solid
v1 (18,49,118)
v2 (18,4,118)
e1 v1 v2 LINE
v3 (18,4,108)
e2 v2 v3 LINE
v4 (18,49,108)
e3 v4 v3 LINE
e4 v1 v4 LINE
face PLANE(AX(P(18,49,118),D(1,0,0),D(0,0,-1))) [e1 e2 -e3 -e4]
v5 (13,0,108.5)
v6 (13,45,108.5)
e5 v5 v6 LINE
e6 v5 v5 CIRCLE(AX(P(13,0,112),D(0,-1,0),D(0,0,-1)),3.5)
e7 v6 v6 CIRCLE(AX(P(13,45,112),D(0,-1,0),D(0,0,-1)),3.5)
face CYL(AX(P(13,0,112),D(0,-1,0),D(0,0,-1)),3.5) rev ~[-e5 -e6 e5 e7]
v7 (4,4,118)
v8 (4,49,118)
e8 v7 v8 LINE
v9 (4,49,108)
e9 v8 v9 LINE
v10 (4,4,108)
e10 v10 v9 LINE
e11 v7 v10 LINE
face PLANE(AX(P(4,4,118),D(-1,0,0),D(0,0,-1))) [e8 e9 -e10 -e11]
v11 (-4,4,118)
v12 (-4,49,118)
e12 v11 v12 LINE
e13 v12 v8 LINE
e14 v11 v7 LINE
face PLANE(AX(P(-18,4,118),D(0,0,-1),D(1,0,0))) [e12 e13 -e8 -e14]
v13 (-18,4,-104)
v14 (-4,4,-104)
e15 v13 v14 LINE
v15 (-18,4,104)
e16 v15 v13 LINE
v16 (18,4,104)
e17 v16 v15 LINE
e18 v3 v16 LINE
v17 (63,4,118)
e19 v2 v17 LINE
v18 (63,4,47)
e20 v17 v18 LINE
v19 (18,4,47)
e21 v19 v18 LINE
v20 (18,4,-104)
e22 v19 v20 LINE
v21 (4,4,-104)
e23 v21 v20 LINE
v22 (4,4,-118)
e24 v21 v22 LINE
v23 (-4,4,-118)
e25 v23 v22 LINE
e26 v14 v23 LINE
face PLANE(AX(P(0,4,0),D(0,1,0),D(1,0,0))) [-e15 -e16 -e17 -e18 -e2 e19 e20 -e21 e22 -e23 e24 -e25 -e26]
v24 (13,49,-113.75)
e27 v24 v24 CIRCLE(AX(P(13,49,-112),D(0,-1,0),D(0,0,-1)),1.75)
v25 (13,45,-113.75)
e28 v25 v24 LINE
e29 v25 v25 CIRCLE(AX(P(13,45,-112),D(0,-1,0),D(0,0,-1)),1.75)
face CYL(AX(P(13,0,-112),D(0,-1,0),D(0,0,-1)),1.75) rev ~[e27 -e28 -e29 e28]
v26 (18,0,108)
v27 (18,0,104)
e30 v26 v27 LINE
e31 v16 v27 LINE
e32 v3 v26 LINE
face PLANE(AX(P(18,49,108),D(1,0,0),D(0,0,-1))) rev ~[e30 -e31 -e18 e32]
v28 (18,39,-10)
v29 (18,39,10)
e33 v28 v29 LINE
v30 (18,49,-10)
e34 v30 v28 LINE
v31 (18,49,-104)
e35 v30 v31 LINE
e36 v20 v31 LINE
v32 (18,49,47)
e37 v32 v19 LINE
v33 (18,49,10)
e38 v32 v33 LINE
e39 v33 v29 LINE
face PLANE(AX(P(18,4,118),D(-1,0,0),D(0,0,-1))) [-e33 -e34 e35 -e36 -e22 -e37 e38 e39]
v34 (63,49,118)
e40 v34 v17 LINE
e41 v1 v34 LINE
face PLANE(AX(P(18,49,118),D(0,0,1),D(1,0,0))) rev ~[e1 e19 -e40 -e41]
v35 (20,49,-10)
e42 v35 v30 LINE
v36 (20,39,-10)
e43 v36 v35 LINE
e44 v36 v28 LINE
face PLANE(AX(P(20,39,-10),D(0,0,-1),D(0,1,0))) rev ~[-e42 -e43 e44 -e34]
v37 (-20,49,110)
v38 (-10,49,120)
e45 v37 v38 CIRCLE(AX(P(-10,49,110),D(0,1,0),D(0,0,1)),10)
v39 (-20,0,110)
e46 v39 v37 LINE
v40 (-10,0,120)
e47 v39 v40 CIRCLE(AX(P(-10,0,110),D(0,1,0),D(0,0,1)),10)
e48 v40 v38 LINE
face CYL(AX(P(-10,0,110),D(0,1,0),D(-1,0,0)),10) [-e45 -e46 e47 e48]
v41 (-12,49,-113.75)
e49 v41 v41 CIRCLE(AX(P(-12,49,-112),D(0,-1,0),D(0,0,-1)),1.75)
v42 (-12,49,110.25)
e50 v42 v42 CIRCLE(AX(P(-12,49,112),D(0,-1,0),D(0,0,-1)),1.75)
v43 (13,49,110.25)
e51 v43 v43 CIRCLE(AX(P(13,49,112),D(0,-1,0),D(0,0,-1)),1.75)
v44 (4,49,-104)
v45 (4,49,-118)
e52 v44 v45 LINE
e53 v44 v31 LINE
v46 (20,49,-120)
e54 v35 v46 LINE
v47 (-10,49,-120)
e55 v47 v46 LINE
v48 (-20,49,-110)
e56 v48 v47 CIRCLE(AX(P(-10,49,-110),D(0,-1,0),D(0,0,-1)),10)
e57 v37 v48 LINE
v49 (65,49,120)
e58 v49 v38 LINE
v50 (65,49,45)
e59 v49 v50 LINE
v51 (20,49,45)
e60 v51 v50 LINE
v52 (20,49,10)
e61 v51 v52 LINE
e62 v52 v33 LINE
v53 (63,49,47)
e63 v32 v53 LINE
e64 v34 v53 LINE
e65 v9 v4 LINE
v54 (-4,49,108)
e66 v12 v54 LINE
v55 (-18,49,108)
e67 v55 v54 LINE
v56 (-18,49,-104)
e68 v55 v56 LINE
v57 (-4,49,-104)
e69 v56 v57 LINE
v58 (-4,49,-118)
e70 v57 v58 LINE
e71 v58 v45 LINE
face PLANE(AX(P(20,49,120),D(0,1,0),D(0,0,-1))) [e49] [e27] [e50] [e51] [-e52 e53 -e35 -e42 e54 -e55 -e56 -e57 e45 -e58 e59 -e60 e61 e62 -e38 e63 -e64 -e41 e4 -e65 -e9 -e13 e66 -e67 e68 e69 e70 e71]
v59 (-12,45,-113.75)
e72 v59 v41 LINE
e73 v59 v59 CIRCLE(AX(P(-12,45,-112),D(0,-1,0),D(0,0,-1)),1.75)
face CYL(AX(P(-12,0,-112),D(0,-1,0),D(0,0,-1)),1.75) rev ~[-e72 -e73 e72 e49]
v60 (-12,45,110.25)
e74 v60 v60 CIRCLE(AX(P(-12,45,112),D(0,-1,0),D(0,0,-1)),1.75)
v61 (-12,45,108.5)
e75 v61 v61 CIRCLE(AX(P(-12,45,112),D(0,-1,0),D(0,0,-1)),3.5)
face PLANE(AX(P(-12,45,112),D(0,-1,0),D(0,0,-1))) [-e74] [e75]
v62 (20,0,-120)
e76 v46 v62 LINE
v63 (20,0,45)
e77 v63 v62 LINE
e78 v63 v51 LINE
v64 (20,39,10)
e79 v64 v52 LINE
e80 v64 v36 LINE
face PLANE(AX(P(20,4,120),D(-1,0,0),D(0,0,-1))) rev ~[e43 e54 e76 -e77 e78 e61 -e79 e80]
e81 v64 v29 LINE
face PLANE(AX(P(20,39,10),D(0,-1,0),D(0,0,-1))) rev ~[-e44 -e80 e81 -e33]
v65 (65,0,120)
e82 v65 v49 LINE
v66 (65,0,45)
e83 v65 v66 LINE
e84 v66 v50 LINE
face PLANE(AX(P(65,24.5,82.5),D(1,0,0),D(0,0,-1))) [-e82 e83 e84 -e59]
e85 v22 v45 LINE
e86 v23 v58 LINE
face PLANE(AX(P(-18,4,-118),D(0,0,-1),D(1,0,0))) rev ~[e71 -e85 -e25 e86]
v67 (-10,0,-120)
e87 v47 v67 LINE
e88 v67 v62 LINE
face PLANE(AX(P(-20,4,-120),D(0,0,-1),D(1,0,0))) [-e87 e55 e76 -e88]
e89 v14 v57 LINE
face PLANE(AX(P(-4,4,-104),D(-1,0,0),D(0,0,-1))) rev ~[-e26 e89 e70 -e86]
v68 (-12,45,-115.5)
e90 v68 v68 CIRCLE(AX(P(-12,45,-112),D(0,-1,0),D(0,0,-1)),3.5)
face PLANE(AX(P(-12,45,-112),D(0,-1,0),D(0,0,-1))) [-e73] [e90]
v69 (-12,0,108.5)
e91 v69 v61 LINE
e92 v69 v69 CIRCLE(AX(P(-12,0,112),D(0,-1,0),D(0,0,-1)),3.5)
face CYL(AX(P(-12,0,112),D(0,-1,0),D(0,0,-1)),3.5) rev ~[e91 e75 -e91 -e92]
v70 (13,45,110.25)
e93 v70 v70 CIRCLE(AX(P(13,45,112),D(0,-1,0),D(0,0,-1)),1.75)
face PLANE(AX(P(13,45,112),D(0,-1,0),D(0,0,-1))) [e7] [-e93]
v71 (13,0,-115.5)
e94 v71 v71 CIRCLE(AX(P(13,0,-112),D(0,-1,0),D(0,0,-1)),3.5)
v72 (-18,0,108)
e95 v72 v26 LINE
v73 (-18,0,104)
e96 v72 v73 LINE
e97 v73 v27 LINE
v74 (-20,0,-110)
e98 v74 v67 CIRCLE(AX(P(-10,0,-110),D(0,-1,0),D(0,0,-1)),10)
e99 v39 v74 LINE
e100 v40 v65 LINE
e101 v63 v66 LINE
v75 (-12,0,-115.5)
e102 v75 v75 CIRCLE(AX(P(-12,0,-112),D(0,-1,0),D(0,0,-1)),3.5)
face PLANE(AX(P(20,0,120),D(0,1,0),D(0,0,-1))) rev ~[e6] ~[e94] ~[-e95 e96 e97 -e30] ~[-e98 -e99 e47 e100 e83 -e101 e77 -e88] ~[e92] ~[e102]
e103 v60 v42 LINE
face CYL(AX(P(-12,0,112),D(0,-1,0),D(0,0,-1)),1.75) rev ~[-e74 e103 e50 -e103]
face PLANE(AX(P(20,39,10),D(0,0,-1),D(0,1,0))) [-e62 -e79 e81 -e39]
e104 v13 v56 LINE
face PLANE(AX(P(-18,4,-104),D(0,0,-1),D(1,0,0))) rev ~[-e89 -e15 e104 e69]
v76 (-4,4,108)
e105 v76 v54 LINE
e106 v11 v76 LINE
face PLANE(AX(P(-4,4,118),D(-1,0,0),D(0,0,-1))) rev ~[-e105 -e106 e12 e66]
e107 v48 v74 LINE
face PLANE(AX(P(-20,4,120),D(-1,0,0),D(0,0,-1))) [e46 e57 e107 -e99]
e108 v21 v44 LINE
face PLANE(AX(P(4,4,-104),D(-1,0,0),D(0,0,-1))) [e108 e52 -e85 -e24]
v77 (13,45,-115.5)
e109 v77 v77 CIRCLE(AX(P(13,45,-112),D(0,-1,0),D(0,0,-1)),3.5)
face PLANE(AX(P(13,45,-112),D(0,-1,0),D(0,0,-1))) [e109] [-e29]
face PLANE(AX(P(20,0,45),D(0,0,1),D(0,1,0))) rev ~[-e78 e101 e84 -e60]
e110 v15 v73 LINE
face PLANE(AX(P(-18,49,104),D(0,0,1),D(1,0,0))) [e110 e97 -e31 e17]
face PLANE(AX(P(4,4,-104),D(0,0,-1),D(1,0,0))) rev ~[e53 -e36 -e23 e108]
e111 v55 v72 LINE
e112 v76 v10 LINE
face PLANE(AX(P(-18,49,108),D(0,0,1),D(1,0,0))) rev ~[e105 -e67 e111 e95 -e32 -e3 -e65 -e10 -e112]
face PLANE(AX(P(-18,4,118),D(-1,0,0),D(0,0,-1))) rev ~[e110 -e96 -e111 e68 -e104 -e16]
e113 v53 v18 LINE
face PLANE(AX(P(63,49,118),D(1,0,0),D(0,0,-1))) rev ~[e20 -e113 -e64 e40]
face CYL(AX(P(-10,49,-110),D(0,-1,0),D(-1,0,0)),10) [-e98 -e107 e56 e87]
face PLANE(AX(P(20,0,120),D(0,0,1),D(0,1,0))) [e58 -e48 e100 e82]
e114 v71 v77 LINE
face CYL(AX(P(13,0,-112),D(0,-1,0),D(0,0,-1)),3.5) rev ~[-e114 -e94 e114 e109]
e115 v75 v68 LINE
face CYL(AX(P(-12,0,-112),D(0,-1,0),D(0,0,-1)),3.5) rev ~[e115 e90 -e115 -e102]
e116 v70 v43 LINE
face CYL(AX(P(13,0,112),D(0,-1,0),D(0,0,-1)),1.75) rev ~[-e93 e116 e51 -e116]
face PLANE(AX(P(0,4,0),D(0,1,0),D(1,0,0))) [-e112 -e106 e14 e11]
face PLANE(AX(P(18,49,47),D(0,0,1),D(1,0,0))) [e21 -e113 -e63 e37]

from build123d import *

# Parameters (mm, degrees)
SKETCH1_W           = 40
SKETCH1_H           = 240
BOSS_EXTRUDE2_DEPTH = 4
SKETCH2_W           = 40
SKETCH2_H           = 240
SKETCH2_W_2         = 36
SKETCH2_H_2         = 236
BOSS_EXTRUDE4_DEPTH = 45
SKETCH3_W           = 14
SKETCH3_H           = 14
BOSS_EXTRUDE5_DEPTH = 45
SKETCH4_R           = 1.75
CUT_EXTRUDE1_DEPTH  = 90
FILLET1_R           = 10
FILLET2_R           = 10
SKETCH5_R           = 3.5
CUT_EXTRUDE2_DEPTH  = 45
SKETCH6_W           = 20
SKETCH6_H           = 10
CUT_EXTRUDE3_DEPTH  = 10
SKETCH7_W           = 75
SKETCH7_H           = 49
BOSS_EXTRUDE6_DEPTH = 45
SKETCH8_W           = 45
SKETCH8_H           = 71
CUT_EXTRUDE4_DEPTH  = 45
SKETCH9_W           = 36
SKETCH9_H           = 4
CUT_EXTRUDE5_DEPTH  = 50


with BuildPart() as part:
    # Sketch1 → Boss-Extrude2 (new body)
    with BuildSketch(Plane(origin=(0, 0, 0), x_dir=(1, 0, 0), z_dir=(0, 1, 0))):
        Rectangle(SKETCH1_W, SKETCH1_H)
    extrude(amount=BOSS_EXTRUDE2_DEPTH)

    # Sketch2 → Boss-Extrude4 (add)
    with BuildSketch(Plane(origin=(0, 4, 0), x_dir=(1, 0, 0), z_dir=(0, 1, 0))):
        Rectangle(SKETCH2_W, SKETCH2_H)
        Rectangle(SKETCH2_W_2, SKETCH2_H_2, mode=Mode.SUBTRACT)
    extrude(amount=BOSS_EXTRUDE4_DEPTH)

    # Sketch3 → Boss-Extrude5 (add)
    with BuildSketch(Plane(origin=(0, 4, 0), x_dir=(1, 0, 0), z_dir=(0, 1, 0))):
        with Locations((-11, 111)):
            Rectangle(SKETCH3_W, SKETCH3_H)
        with Locations((11, 111)):
            Rectangle(SKETCH3_W, SKETCH3_H)
        with Locations((-11, -111)):
            Rectangle(SKETCH3_W, SKETCH3_H)
        with Locations((11, -111)):
            Rectangle(SKETCH3_W, SKETCH3_H)
    extrude(amount=BOSS_EXTRUDE5_DEPTH)

    # Sketch4 → Cut-Extrude1 (cut)
    with BuildSketch(Plane(origin=(0, 0, 0), x_dir=(-1, 0, 0), z_dir=(0, -1, 0))):
        with Locations(Location((12, -112, 0), (0, 0, 90))):
            Circle(SKETCH4_R)
        with Locations(Location((-13, -112, 0), (0, 0, 90))):
            Circle(SKETCH4_R)
        with Locations(Location((12, 112, 0), (0, 0, 90))):
            Circle(SKETCH4_R)
        with Locations(Location((-13, 112, 0), (0, 0, 90))):
            Circle(SKETCH4_R)
    extrude(amount=-CUT_EXTRUDE1_DEPTH, mode=Mode.SUBTRACT)

    # Fillet1
    fillet1_edges = [part.edges().sort_by_distance(p)[0] for p in [
        (-20, 24.5, -120),
    ]]
    fillet(fillet1_edges, radius=FILLET1_R)

    # Fillet2
    fillet2_edges = [part.edges().sort_by_distance(p)[0] for p in [
        (-20, 24.5, 120),
    ]]
    fillet(fillet2_edges, radius=FILLET2_R)

    # Sketch5 → Cut-Extrude2 (cut)
    with BuildSketch(Plane(origin=(0, 0, 0), x_dir=(-1, 0, 0), z_dir=(0, -1, 0))):
        with Locations(Location((12, -112, 0), (0, 0, 90))):
            Circle(SKETCH5_R)
        with Locations(Location((-13, -112, 0), (0, 0, 90))):
            Circle(SKETCH5_R)
        with Locations(Location((12, 112, 0), (0, 0, 90))):
            Circle(SKETCH5_R)
        with Locations(Location((-13, 112, 0), (0, 0, 90))):
            Circle(SKETCH5_R)
    extrude(amount=-CUT_EXTRUDE2_DEPTH, mode=Mode.SUBTRACT)

    # Sketch6 → Cut-Extrude3 (cut)
    with BuildSketch(Plane(origin=(20, 0, 0), x_dir=(0, 0, -1), z_dir=(1, 0, 0))):
        with Locations((0, 44)):
            Rectangle(SKETCH6_W, SKETCH6_H)
    extrude(amount=-CUT_EXTRUDE3_DEPTH, mode=Mode.SUBTRACT)

    # Sketch7 → Boss-Extrude6 (add)
    with BuildSketch(Plane(origin=(20, 0, 0), x_dir=(0, 0, -1), z_dir=(1, 0, 0))):
        with Locations((-82.5, 24.5)):
            Rectangle(SKETCH7_W, SKETCH7_H)
    extrude(amount=BOSS_EXTRUDE6_DEPTH)

    # Sketch8 → Cut-Extrude4 (cut)
    with BuildSketch(Plane(origin=(0, 49, 0), x_dir=(1, 0, 0), z_dir=(0, 1, 0))):
        with Locations((40.5, -82.5)):
            Rectangle(SKETCH8_W, SKETCH8_H)
    extrude(amount=-CUT_EXTRUDE4_DEPTH, mode=Mode.SUBTRACT)

    # Sketch9 → Cut-Extrude5 (cut)
    with BuildSketch(Plane(origin=(0, 49, 0), x_dir=(1, 0, 0), z_dir=(0, 1, 0))):
        with Locations((0, -106)):
            Rectangle(SKETCH9_W, SKETCH9_H)
    extrude(amount=-CUT_EXTRUDE5_DEPTH, mode=Mode.SUBTRACT)


solid = part.part
